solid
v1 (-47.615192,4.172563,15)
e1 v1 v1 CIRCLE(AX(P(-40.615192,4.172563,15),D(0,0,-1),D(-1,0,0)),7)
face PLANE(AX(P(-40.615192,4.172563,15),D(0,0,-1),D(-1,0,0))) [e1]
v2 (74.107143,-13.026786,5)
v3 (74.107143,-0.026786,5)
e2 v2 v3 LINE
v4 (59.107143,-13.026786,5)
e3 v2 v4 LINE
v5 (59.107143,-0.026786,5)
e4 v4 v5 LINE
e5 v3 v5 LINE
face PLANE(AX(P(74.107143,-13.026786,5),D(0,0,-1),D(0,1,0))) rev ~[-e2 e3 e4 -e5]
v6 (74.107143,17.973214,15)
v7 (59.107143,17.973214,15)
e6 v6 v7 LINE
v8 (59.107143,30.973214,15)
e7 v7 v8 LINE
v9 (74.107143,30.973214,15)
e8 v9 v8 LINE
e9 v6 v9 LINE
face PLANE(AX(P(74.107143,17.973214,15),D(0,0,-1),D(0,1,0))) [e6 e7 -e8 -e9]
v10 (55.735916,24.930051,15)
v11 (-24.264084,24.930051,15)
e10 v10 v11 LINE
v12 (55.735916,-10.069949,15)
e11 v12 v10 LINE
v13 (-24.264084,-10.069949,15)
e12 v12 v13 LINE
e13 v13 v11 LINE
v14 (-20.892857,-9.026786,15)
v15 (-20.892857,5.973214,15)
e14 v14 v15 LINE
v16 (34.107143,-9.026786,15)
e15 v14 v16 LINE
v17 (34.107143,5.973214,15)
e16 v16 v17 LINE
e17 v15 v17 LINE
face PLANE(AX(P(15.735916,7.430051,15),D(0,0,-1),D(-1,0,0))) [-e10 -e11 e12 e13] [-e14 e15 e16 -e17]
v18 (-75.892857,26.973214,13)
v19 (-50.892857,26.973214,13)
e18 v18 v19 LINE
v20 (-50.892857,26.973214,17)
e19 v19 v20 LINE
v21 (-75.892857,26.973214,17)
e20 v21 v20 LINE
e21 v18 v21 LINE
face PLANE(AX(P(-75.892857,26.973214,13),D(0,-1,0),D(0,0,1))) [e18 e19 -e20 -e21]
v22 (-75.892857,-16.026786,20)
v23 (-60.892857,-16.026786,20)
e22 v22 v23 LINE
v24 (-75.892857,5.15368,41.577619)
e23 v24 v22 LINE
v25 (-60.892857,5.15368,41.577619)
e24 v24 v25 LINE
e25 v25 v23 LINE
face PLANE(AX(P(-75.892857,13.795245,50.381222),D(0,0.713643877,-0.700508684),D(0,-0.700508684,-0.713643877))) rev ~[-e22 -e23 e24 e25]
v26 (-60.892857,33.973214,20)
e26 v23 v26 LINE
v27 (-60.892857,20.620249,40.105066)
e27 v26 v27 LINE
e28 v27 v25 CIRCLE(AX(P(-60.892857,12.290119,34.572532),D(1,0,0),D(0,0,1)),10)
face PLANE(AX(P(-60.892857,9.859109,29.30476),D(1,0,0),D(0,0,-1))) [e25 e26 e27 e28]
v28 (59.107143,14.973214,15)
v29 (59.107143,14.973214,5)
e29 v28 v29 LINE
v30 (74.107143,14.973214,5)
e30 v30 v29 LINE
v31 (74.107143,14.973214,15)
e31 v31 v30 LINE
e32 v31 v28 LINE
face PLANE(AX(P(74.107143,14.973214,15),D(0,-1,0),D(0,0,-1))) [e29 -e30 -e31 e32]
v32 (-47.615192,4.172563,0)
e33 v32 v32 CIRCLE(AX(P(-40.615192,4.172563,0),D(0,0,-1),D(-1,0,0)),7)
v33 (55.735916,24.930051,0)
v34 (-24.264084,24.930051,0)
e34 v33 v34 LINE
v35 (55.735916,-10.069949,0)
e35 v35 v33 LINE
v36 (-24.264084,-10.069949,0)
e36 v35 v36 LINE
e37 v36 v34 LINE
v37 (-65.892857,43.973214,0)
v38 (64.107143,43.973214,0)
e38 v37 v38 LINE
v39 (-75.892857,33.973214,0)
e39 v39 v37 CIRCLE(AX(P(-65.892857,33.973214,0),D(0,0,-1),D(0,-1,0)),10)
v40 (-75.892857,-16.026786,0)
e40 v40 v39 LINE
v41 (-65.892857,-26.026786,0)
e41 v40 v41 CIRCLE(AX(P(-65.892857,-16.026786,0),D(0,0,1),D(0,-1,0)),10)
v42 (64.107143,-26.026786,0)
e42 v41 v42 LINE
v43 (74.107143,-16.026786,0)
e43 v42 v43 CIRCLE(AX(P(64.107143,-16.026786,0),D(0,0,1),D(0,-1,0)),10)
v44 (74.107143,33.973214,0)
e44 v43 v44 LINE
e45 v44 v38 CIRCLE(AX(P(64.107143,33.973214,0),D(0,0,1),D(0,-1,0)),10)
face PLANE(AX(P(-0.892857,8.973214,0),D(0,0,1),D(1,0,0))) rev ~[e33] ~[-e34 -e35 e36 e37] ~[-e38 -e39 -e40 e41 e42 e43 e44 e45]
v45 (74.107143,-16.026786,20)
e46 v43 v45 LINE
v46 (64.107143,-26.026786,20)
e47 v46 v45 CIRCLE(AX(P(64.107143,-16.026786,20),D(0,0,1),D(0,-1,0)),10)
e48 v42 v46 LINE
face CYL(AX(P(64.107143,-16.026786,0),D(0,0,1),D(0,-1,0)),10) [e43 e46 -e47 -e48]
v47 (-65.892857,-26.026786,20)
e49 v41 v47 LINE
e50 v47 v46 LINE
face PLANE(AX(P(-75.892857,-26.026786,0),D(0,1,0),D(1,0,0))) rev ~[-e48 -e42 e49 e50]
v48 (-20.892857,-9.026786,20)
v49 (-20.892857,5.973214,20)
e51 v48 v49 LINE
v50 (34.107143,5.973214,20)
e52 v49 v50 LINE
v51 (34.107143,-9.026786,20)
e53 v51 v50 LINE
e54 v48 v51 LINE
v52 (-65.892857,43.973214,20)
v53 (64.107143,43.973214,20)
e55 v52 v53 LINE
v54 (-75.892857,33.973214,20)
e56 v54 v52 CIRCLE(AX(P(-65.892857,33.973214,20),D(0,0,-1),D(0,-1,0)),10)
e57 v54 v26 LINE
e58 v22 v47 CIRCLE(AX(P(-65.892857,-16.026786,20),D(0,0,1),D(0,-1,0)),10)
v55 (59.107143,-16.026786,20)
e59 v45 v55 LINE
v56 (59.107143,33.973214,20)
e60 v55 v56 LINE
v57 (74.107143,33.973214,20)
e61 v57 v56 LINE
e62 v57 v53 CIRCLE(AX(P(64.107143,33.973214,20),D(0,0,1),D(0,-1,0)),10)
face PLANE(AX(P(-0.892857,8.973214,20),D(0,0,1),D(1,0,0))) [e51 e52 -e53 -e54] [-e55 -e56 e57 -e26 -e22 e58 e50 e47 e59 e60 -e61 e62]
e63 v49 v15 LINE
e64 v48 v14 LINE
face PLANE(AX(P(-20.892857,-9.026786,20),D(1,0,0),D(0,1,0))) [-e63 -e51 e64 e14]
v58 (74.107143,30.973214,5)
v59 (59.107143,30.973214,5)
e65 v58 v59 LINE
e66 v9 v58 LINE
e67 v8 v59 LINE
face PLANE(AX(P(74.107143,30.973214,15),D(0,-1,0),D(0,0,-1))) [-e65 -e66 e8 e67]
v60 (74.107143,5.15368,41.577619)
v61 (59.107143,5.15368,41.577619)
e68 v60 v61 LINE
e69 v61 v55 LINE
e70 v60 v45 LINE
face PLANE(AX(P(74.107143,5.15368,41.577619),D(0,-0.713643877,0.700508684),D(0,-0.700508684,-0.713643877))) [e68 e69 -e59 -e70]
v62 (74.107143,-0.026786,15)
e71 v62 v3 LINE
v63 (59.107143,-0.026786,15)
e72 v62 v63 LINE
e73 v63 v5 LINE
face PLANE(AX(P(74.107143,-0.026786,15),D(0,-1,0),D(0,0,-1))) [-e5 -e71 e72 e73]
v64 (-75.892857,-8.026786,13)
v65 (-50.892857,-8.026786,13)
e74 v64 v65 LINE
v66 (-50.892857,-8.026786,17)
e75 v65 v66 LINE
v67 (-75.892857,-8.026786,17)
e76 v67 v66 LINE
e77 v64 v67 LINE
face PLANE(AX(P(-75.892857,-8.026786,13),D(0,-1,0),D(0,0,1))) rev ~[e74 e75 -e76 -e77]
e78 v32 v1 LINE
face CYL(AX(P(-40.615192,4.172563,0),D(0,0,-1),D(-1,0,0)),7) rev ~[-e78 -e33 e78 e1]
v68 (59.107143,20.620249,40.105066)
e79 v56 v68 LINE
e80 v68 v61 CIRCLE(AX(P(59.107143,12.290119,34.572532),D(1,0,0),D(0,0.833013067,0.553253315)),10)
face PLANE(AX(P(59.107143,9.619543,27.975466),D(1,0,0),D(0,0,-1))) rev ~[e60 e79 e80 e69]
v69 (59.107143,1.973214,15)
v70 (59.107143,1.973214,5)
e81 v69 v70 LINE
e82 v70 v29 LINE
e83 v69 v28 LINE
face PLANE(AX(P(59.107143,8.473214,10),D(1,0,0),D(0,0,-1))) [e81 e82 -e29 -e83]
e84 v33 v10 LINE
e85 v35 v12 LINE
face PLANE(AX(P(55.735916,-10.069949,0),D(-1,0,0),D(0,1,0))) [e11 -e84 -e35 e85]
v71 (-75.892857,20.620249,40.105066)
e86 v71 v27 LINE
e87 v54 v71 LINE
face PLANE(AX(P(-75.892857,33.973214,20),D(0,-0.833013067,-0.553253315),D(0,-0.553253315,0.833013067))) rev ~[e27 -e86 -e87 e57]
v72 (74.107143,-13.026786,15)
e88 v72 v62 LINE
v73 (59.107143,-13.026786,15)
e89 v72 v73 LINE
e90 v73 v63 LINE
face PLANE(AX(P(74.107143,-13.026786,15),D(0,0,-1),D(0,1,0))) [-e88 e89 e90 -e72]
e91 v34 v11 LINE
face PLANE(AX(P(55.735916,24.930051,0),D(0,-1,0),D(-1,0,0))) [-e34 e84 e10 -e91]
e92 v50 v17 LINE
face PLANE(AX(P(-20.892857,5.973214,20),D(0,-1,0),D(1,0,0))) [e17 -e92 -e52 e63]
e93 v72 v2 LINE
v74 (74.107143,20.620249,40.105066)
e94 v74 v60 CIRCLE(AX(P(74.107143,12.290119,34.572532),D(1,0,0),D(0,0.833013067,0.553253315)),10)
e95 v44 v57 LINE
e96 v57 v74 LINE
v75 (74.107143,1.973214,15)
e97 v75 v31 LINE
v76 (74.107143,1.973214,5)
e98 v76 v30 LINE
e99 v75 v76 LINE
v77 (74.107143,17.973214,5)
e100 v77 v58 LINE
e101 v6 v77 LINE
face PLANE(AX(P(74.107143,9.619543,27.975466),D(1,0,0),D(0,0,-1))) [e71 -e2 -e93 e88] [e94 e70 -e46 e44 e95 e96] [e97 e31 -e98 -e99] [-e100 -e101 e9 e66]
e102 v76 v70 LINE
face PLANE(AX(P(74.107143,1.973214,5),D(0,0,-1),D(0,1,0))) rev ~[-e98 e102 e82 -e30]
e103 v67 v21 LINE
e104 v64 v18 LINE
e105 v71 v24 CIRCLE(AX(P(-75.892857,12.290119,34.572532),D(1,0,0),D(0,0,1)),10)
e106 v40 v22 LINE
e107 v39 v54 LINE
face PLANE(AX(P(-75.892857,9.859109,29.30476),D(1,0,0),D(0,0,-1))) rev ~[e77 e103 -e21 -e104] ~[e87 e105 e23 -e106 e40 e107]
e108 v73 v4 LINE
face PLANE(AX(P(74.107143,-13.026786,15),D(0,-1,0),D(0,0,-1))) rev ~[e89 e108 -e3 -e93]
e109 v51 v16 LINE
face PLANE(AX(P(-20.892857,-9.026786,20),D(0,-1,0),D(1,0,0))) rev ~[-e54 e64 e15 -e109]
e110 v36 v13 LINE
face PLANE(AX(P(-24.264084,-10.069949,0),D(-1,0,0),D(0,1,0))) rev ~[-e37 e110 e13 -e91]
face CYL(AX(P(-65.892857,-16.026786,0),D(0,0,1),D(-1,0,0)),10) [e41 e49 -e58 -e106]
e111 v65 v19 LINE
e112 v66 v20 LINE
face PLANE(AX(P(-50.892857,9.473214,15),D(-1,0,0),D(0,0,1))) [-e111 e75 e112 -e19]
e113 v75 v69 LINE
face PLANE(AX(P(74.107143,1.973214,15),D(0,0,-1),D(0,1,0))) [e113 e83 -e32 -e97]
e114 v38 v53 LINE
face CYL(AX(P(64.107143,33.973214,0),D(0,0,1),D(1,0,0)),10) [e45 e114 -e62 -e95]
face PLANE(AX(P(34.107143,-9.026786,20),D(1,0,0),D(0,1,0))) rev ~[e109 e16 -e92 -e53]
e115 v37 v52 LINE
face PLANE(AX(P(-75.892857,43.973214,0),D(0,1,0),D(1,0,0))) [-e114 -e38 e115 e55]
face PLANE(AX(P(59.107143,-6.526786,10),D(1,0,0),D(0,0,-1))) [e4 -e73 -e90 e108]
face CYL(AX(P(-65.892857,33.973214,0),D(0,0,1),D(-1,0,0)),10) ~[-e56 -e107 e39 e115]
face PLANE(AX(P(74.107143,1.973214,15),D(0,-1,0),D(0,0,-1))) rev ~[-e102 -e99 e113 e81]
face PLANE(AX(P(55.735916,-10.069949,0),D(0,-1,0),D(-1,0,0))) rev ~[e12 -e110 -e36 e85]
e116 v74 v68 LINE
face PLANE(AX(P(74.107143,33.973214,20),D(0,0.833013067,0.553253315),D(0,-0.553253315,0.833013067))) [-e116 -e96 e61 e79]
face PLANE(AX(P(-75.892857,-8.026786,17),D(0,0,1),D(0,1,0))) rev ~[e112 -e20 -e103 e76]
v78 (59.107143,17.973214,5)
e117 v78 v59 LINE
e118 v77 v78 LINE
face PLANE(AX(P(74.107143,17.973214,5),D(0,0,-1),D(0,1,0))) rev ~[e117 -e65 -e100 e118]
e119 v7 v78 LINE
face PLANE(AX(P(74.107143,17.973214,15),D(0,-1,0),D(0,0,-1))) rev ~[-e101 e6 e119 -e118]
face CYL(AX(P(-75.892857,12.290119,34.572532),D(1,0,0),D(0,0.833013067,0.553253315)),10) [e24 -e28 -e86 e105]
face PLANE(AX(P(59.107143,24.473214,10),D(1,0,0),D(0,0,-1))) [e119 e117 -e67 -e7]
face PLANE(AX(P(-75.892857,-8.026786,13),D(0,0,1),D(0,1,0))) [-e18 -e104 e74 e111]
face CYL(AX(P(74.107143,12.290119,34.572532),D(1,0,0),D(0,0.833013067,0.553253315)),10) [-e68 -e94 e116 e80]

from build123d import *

# Parameters (mm, degrees)
SKETCH1_W           = 150
SKETCH1_H           = 70
BOSS_EXTRUDE1_DEPTH = 20
FILLET1_R           = 10
SKETCH2_W           = 80
SKETCH2_H           = 35
CUT_EXTRUDE1_DEPTH  = 15
SKETCH3_R           = 7
CUT_EXTRUDE2_DEPTH  = 15
SKETCH4_W           = 10
SKETCH4_H           = 13
CUT_EXTRUDE3_DEPTH  = 15
SKETCH6_W           = 4
SKETCH6_H           = 35
CUT_EXTRUDE4_DEPTH  = 25
SKETCH7_W           = 55
SKETCH7_H           = 15
CUT_EXTRUDE5_DEPTH  = 5
BOSS_EXTRUDE3_DEPTH = 15
FILLET2_R           = 10
BOSS_EXTRUDE4_DEPTH = 15


with BuildPart() as part:
    # Sketch1 → Boss-Extrude1 (new body)
    with BuildSketch(Plane.XY):
        with Locations((-0.892857143, 8.973214286)):
            Rectangle(SKETCH1_W, SKETCH1_H)
    extrude(amount=BOSS_EXTRUDE1_DEPTH)

    # Fillet1
    fillet1_edges = [part.edges().sort_by_distance(p)[0] for p in [
        (-75.892857143, 43.973214286, 10),
        (-75.892857143, -26.026785714, 10),
        (74.107142857, -26.026785714, 10),
        (74.107142857, 43.973214286, 10),
    ]]
    fillet(fillet1_edges, radius=FILLET1_R)

    # Sketch2 → Cut-Extrude1 (cut)
    with BuildSketch(Plane(origin=(0, 0, 0), x_dir=(-1, 0, 0), z_dir=(0, 0, -1))):
        with Locations((-15.735916011, 7.430050789)):
            Rectangle(SKETCH2_W, SKETCH2_H)
    extrude(amount=-CUT_EXTRUDE1_DEPTH, mode=Mode.SUBTRACT)

    # Sketch3 → Cut-Extrude2 (cut)
    with BuildSketch(Plane(origin=(0, 0, 0), x_dir=(-1, 0, 0), z_dir=(0, 0, -1))):
        with Locations((40.615191865, 4.17256305)):
            Circle(SKETCH3_R)
    extrude(amount=-CUT_EXTRUDE2_DEPTH, mode=Mode.SUBTRACT)

    # Sketch4 → Cut-Extrude3 (cut)
    with BuildSketch(Plane(origin=(74.107142857, 0, 0), x_dir=(0, 0, -1), z_dir=(1, 0, 0))):
        with Locations((-10, 24.473214286)):
            Rectangle(SKETCH4_W, SKETCH4_H)
        with Locations((-10, 8.473214286)):
            Rectangle(SKETCH4_W, SKETCH4_H)
        with Locations((-10, -6.526785714)):
            Rectangle(SKETCH4_W, SKETCH4_H)
    extrude(amount=-CUT_EXTRUDE3_DEPTH, mode=Mode.SUBTRACT)

    # Sketch6 → Cut-Extrude4 (cut)
    with BuildSketch(Plane.ZY.offset(75.892857143)):
        with Locations((15, 9.473214286)):
            Rectangle(SKETCH6_W, SKETCH6_H)
    extrude(amount=-CUT_EXTRUDE4_DEPTH, mode=Mode.SUBTRACT)

    # Sketch7 → Cut-Extrude5 (cut)
    with BuildSketch(Plane.XY.offset(20)):
        with Locations((6.607142857, -1.526785714)):
            Rectangle(SKETCH7_W, SKETCH7_H)
    extrude(amount=-CUT_EXTRUDE5_DEPTH, mode=Mode.SUBTRACT)

    # Sketch9 → Boss-Extrude3 (add)
    with BuildSketch(Plane.ZY.offset(75.892857143)):
        Polygon((20, 33.973214286), (50.38122201, 13.795245322), (20, -16.026785714), align=None)
    extrude(amount=-BOSS_EXTRUDE3_DEPTH)

    # Fillet2
    fillet2_edges = [part.edges().sort_by_distance(p)[0] for p in [
        (-68.392857143, 13.795245322, 50.38122201),
    ]]
    fillet(fillet2_edges, radius=FILLET2_R)

    # Sketch11 → Boss-Extrude4 (add)
    with BuildSketch(Plane(origin=(74.107142857, 0, 0), x_dir=(0, 0, -1), z_dir=(1, 0, 0))):
        with BuildLine():
            Line((-20, 33.973214286), (-40.105065579, 20.620249447))
            ThreePointArc((-40.105065579, 20.620249447), (-44.527514661, 13.237920805), (-41.577619266, 5.15368001))
            Line((-41.577619266, 5.15368001), (-20, -16.026785714))
            Line((-20, -16.026785714), (-20, 33.973214286))
        make_face()
    extrude(amount=-BOSS_EXTRUDE4_DEPTH)


solid = part.part
